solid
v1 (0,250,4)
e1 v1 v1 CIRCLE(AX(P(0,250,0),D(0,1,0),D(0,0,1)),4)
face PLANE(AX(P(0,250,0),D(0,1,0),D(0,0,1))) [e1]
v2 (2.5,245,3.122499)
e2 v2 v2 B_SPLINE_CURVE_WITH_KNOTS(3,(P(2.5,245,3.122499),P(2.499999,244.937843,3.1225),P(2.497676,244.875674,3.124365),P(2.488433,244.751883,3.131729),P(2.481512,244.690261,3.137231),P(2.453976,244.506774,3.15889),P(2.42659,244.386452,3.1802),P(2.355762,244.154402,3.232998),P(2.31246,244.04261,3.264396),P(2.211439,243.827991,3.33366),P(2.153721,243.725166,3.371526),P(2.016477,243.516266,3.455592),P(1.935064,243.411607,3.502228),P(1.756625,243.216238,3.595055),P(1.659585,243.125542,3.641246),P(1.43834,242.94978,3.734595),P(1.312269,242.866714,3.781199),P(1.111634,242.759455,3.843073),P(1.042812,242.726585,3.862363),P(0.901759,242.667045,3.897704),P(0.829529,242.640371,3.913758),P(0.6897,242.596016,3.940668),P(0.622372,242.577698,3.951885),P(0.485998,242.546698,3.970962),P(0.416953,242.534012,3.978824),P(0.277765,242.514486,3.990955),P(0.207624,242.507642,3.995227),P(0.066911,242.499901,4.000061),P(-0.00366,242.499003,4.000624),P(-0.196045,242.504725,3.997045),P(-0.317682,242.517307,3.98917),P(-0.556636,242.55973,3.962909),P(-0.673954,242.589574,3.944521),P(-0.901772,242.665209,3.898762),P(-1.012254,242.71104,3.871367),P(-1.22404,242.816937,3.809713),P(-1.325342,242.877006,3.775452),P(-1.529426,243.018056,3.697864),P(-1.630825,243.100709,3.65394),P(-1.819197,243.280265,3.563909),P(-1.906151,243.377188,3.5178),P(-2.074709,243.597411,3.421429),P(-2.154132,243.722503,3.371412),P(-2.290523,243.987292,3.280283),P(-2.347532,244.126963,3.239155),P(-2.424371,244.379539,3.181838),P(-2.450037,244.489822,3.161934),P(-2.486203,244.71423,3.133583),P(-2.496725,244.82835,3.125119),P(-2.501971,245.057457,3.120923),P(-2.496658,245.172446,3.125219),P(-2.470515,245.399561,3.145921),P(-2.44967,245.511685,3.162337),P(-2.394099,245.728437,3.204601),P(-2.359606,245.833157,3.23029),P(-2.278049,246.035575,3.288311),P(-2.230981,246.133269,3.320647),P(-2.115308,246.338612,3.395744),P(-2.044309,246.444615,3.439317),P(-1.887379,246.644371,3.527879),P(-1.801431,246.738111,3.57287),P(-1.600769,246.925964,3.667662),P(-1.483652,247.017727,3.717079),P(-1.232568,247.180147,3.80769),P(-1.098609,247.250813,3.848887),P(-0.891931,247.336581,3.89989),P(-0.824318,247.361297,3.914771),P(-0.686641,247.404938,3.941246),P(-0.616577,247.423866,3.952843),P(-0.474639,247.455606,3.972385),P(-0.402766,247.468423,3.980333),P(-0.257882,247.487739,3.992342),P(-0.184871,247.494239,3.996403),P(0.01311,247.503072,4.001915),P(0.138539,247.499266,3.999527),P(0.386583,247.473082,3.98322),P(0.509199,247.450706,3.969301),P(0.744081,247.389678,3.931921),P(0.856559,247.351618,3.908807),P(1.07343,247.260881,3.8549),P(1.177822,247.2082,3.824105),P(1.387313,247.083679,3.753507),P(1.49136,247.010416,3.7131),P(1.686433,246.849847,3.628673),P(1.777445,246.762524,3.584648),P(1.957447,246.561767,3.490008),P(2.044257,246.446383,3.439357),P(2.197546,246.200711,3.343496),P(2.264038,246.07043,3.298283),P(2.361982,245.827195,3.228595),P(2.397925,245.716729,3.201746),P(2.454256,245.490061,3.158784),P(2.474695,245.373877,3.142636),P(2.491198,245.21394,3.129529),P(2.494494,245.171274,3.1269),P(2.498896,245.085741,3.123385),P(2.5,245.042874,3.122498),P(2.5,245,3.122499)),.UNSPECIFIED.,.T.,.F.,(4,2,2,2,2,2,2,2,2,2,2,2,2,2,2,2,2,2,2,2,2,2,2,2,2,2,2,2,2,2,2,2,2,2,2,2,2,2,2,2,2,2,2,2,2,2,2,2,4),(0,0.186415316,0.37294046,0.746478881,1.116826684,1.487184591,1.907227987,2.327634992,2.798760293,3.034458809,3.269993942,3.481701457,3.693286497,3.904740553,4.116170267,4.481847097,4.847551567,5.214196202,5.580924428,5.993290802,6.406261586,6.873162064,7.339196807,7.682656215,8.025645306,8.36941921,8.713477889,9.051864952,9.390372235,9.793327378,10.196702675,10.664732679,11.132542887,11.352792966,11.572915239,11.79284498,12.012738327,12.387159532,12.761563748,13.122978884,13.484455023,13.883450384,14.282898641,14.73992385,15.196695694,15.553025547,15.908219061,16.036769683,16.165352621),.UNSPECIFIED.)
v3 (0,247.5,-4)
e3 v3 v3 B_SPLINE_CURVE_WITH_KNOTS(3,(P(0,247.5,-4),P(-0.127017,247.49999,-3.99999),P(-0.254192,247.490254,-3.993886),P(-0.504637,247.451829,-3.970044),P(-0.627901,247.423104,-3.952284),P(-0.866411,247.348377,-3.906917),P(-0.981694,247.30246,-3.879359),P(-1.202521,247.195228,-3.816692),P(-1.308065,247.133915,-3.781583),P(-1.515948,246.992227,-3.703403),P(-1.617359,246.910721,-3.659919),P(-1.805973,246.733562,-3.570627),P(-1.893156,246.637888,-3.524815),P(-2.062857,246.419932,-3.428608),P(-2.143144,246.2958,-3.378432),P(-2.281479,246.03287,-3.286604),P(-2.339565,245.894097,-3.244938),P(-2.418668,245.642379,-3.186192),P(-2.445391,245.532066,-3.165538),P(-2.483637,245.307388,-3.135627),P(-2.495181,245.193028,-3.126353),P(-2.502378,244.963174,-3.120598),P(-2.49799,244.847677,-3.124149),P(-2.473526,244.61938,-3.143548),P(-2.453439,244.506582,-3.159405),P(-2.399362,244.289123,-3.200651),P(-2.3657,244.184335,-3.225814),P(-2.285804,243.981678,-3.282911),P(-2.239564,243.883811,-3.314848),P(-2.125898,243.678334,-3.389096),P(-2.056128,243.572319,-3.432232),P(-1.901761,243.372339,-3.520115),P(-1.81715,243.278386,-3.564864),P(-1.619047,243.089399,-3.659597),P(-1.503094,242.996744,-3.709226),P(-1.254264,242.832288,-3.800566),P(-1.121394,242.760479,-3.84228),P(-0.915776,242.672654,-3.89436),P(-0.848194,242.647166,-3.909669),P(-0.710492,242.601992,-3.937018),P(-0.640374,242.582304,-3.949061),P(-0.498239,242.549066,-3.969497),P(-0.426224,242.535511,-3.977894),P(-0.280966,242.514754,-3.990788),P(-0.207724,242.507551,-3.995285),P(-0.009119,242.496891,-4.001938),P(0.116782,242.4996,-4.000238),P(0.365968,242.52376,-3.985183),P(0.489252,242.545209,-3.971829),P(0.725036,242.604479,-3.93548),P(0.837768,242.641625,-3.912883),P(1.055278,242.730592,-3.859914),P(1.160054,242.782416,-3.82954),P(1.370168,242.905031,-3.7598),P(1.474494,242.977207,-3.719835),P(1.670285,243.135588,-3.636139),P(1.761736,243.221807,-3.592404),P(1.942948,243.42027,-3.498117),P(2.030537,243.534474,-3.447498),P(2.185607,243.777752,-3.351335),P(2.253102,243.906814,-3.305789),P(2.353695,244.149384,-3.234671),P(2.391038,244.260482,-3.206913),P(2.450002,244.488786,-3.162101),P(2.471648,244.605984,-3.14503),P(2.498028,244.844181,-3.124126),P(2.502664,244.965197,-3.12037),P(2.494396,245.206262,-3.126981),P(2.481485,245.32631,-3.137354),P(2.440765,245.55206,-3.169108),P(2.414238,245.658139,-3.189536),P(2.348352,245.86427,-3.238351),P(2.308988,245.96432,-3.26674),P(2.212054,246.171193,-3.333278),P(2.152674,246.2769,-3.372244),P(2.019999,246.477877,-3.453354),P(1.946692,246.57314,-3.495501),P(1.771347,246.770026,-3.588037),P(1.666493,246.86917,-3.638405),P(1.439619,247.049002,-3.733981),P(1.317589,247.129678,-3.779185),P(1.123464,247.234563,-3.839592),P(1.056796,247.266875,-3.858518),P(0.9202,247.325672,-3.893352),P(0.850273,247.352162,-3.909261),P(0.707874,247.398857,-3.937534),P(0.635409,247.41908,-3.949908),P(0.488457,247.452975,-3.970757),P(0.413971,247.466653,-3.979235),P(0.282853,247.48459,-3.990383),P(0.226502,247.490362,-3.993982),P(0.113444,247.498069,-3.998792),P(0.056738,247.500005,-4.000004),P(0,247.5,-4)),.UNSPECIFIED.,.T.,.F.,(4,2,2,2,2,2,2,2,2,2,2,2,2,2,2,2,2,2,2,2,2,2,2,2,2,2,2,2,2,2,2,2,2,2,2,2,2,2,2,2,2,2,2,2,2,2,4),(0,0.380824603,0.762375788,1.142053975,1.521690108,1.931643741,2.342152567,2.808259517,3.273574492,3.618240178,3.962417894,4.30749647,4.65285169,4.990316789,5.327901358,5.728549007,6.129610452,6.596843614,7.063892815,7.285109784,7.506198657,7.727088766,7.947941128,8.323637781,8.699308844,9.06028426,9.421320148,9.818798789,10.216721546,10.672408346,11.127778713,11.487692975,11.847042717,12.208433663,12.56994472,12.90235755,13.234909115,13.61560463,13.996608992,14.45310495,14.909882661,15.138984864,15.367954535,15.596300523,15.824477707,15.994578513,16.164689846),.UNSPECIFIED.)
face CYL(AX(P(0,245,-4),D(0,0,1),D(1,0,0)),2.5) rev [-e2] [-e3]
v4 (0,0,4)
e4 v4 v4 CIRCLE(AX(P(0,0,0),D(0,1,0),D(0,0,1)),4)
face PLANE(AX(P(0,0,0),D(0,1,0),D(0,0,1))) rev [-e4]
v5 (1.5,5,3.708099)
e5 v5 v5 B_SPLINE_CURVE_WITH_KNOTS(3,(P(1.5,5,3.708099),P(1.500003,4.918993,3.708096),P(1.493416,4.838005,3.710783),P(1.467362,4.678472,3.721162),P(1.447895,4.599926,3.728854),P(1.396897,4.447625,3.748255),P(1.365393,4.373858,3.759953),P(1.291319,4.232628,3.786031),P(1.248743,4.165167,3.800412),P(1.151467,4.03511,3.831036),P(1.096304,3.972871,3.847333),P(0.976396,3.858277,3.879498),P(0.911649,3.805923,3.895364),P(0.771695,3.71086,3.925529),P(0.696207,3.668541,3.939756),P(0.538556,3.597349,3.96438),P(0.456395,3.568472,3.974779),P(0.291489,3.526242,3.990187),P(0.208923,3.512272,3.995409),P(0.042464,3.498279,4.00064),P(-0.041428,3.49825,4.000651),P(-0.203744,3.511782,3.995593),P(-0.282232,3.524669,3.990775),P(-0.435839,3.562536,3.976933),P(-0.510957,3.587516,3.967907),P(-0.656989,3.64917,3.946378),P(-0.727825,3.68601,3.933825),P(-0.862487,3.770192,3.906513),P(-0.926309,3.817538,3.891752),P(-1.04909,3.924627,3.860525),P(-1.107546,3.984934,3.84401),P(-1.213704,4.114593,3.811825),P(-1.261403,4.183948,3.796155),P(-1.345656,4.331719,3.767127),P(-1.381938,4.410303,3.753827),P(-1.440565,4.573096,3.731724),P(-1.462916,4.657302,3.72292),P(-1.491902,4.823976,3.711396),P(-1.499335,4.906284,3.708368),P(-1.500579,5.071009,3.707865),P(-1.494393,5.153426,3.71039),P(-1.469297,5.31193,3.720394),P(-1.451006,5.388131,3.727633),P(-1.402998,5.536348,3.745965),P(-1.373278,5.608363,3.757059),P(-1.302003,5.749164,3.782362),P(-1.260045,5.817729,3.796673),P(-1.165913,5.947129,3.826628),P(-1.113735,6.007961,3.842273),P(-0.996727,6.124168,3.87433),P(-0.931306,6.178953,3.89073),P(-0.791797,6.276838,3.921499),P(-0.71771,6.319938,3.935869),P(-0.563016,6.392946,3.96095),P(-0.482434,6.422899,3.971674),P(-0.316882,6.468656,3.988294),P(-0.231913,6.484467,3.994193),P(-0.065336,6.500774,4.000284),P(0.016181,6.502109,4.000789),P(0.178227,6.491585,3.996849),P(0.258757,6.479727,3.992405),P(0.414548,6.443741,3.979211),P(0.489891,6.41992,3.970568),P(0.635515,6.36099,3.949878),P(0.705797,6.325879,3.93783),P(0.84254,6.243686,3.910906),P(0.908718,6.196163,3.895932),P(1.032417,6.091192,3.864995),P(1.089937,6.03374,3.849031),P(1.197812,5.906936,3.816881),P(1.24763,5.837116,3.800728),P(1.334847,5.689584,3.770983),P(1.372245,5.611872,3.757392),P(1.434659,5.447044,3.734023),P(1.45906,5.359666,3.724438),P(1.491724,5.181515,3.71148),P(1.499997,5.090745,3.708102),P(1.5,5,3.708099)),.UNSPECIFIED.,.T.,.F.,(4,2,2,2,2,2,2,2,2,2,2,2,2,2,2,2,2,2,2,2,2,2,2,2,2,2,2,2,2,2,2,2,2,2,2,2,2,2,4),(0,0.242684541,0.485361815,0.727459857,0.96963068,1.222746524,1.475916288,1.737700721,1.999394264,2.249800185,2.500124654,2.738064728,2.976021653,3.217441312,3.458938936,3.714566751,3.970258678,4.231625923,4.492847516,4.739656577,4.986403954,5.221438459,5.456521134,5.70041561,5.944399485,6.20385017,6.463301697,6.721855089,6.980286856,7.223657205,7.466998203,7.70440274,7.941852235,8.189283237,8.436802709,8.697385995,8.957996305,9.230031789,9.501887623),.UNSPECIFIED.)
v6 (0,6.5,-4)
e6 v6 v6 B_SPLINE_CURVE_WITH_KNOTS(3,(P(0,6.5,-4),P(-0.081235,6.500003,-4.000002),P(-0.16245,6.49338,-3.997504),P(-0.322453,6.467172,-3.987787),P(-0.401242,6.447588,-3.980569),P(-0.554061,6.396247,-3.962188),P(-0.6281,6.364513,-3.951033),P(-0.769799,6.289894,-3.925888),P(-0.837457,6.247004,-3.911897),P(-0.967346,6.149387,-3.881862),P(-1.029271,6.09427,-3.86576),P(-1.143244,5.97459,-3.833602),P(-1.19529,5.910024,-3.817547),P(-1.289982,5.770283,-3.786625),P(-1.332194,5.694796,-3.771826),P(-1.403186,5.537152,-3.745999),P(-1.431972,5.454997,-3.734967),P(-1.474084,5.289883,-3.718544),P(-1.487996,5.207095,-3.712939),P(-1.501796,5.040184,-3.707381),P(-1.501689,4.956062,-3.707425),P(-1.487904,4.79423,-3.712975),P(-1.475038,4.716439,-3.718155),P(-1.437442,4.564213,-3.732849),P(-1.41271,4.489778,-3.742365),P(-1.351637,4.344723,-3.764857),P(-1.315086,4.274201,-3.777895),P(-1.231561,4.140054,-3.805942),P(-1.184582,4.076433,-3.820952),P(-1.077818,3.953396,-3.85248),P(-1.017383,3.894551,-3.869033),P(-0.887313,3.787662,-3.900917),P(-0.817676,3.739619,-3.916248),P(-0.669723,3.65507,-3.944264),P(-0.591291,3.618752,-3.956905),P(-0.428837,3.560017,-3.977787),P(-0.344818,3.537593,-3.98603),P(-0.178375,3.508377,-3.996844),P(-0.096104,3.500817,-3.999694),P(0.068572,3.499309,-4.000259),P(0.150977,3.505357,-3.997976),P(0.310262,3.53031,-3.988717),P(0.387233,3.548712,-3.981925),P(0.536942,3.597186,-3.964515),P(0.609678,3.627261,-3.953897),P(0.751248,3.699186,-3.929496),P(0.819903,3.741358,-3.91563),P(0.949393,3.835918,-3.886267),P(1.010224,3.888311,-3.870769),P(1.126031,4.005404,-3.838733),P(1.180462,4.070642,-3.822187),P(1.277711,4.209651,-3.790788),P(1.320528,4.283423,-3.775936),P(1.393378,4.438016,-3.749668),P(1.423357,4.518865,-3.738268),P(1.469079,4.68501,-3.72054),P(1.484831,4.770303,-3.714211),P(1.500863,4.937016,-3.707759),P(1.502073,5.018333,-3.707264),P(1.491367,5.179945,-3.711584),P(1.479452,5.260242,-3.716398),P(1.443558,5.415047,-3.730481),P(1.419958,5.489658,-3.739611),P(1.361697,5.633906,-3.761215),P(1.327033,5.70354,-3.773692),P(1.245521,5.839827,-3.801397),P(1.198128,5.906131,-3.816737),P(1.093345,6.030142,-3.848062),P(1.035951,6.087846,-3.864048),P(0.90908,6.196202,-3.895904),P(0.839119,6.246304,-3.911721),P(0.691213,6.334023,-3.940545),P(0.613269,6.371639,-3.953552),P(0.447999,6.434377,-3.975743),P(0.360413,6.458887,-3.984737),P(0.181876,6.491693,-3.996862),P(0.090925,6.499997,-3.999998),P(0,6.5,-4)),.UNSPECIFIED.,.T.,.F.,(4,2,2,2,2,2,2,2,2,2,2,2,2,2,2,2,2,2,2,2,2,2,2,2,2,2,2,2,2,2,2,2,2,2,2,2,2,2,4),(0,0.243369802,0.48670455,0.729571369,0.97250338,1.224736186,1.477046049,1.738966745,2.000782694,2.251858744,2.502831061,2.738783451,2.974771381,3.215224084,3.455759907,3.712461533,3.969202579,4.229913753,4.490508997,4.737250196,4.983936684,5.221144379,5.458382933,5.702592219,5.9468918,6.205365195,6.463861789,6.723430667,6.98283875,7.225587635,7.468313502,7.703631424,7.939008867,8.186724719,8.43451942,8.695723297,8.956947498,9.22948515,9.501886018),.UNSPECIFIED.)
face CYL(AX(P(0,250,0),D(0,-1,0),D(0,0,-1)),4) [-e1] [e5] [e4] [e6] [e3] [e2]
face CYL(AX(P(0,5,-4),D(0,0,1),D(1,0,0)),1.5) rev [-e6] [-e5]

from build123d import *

# Parameters (mm, degrees)
SKETCH1_R               = 4
BOSS_EXTRUDE1_DEPTH     = 250
CUT_EXTRUDE1_DEPTH      = 251.06399181
CUT_EXTRUDE1_DEPTH_BACK = 251.06399181
SKETCH2_R               = 1.5
SKETCH2_R_2             = 2.5


with BuildPart() as part:
    # Sketch1 → Boss-Extrude1 (new body)
    with BuildSketch(Plane(origin=(0, 0, 0), x_dir=(1, 0, 0), z_dir=(0, 1, 0))):
        with Locations(Location((0, 0, 0), (0, 0, 270))):
            Circle(SKETCH1_R)
    extrude(amount=BOSS_EXTRUDE1_DEPTH)

    # Sketch2 → Cut-Extrude1 (cut, two sides: drawn at the far end of the back side and taken through both)
    with BuildSketch(Plane.XY.offset(-CUT_EXTRUDE1_DEPTH_BACK)):
        with Locations(Location((0, 5, 0), (0, 0, 90.000000025))):
            Circle(SKETCH2_R)
        with Locations((0, 245)):
            Circle(SKETCH2_R_2)
    extrude(amount=CUT_EXTRUDE1_DEPTH + CUT_EXTRUDE1_DEPTH_BACK, mode=Mode.SUBTRACT)


solid = part.part
